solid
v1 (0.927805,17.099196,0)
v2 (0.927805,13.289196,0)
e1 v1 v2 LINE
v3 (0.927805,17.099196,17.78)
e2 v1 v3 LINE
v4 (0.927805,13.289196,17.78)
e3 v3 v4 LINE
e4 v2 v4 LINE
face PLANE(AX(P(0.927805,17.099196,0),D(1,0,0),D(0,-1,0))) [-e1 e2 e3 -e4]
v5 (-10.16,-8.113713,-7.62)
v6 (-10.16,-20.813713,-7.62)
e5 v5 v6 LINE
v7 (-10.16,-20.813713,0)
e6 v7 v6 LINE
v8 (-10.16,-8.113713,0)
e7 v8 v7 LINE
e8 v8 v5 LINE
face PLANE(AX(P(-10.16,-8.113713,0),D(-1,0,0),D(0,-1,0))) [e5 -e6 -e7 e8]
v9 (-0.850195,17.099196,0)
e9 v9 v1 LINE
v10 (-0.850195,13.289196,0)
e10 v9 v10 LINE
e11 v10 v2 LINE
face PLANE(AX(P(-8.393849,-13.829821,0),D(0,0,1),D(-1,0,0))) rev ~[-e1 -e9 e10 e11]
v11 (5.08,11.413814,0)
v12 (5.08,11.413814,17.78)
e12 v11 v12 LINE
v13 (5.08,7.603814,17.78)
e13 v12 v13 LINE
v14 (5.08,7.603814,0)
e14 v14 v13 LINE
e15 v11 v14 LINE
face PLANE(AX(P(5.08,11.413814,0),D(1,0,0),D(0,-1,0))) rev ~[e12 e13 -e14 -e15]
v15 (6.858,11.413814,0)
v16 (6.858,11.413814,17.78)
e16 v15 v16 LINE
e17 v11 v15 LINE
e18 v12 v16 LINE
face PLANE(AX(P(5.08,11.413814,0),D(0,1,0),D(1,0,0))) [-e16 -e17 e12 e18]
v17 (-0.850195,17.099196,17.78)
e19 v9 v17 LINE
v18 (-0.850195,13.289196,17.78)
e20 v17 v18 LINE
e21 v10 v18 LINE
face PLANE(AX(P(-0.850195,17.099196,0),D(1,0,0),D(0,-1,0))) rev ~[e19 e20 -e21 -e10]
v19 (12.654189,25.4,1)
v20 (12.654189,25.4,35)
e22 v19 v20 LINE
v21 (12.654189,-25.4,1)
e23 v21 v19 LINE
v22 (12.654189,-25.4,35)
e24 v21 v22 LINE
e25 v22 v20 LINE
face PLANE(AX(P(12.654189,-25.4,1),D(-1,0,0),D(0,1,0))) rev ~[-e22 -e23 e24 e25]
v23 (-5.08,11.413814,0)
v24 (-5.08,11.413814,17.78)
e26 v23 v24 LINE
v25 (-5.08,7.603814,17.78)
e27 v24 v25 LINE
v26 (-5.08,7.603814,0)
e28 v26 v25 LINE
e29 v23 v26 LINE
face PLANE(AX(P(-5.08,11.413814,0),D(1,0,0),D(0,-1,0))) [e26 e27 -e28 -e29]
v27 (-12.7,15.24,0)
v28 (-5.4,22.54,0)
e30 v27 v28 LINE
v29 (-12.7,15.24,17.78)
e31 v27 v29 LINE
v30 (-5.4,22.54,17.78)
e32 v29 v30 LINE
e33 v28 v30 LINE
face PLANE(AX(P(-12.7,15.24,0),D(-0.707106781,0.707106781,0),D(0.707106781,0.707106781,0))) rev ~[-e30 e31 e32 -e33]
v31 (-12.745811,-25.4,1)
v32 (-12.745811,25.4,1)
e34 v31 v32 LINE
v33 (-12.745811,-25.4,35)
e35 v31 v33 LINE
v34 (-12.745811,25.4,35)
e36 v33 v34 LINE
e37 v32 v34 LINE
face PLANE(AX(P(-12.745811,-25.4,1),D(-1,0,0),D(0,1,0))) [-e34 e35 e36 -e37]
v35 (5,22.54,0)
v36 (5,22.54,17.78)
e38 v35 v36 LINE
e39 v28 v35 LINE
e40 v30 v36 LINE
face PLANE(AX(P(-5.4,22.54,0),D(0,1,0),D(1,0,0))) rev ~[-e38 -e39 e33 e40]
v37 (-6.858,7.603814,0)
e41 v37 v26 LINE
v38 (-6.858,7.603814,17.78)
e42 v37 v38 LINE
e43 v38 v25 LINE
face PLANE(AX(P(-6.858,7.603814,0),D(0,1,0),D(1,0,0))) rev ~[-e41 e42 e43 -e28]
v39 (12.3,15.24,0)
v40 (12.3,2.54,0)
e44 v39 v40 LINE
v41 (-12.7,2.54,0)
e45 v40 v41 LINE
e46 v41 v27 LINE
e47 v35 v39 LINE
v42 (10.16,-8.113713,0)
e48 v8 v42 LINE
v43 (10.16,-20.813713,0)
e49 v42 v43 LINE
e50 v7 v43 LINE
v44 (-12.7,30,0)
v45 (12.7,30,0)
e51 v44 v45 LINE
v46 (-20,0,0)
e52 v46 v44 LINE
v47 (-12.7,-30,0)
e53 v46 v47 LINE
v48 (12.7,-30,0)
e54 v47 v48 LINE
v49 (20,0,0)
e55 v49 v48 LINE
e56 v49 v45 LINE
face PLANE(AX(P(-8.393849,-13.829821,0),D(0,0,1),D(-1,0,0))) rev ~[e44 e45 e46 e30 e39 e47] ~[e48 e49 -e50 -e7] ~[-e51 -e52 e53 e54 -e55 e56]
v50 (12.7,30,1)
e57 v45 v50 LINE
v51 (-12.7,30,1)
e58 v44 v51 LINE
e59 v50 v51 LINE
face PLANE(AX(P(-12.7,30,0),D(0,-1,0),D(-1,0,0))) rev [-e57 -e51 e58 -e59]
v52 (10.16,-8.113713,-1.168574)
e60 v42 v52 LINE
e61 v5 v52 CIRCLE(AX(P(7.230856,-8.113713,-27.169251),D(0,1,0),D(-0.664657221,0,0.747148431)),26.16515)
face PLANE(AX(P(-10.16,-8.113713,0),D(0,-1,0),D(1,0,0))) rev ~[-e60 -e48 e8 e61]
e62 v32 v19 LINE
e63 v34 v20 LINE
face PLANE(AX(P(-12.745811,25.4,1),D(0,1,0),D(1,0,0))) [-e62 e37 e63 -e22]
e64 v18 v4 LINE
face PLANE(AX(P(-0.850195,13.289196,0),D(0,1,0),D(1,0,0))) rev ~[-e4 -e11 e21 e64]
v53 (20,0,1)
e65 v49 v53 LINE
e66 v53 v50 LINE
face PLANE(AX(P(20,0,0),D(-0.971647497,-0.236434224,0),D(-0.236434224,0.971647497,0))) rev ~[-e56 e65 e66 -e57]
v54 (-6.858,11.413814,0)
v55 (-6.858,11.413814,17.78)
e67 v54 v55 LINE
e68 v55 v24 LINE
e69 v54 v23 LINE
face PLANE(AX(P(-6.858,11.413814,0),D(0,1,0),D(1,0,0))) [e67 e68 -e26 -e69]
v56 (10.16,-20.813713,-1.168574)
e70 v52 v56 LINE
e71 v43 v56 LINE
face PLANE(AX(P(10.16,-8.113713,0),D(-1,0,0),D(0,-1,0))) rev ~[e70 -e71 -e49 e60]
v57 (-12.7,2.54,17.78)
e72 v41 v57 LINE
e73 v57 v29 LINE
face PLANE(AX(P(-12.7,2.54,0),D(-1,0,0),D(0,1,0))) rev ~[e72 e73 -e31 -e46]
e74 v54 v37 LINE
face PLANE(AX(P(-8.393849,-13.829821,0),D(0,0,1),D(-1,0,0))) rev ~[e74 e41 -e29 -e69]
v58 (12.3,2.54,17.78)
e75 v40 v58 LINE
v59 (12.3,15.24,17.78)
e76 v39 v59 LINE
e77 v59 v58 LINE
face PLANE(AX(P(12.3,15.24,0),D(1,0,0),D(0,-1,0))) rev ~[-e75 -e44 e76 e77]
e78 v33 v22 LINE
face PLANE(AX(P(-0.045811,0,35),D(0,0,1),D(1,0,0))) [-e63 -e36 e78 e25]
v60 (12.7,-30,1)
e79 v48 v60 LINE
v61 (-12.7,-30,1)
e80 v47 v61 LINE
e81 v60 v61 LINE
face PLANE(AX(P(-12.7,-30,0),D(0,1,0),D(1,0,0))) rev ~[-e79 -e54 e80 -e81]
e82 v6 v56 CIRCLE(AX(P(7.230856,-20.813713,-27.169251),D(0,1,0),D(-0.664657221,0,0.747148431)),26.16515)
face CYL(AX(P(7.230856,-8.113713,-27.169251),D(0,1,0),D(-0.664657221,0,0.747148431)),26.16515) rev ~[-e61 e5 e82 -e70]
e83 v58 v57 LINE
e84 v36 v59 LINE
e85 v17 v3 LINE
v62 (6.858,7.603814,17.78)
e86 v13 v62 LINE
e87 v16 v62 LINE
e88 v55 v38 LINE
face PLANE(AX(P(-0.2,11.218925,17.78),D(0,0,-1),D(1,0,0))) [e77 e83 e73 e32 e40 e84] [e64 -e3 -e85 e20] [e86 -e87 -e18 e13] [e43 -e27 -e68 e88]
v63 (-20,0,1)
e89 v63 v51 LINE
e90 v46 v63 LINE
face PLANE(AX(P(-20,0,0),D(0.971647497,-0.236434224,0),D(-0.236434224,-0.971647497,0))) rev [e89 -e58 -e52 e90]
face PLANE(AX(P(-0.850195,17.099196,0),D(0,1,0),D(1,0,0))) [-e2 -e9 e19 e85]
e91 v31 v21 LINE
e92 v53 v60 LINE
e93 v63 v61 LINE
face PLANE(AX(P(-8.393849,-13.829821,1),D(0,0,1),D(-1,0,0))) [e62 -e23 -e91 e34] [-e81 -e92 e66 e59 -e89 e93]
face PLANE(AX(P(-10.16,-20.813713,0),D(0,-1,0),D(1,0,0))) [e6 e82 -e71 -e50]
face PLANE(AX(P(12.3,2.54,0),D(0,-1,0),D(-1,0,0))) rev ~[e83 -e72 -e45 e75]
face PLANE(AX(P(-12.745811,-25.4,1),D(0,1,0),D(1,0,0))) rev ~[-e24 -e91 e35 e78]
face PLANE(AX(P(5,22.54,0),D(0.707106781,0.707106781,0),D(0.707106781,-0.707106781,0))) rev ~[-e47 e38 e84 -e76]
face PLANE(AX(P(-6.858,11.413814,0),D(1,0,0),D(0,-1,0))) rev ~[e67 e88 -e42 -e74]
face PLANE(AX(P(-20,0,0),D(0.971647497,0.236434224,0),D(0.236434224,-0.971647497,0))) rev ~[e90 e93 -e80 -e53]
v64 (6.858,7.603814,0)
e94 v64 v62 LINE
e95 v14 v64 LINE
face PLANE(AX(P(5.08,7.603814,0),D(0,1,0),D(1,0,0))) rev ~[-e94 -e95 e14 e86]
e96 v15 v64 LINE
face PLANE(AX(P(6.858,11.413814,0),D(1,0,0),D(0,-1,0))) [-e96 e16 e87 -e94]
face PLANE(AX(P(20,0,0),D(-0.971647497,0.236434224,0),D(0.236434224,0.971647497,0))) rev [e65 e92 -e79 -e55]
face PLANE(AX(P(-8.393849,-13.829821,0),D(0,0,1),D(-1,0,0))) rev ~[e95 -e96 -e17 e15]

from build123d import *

# Parameters (mm, degrees)
F1_DEPTH  = 1
F4_W      = 25.4
F4_H      = 50.8
F5_DEPTH  = 34
F6_W      = 1.778
F6_H      = 3.81
F7_DEPTH  = 17.78
F8_W      = 20.32
F8_H      = 12.7
F9_DEPTH  = 7.62
F11_DEPTH = 25.4


with BuildPart() as f1:
    # F0 (on Top) → F1 (new body)
    with BuildSketch(Plane.XY):
        Polygon((12.7, 30), (0, 30), (0, 0), (20, 0), align=None)
    extrude(amount=F1_DEPTH)

    # F2: F1 across plane


with BuildPart() as f1_1:
    add(f1.part)
    add(f1.part.mirror(Plane.XZ))

    # F3: F1 across plane


with BuildPart() as f1_2:
    add(f1_1.part)
    add(f1_1.part.mirror(Plane.YZ))

    # F4 (on face) → F5 (join)
    with BuildSketch(Plane.XY.offset(1)):
        with Locations((-0.045811, 0)):
            Rectangle(F4_W, F4_H)
    extrude(amount=F5_DEPTH)

    # F6 (on face) → F7 (cut)
    with BuildSketch(Plane(origin=(0, 0, 0), x_dir=(1, 0, 0), z_dir=(0, 0, -1))):
        Polygon((-5.4, -22.54), (5, -22.54), (12.3, -15.24), (12.3, -2.54), (-12.7, -2.54), (-12.7, -15.24), align=None)
        with Locations((-5.969, -9.508814)):
            Rectangle(F6_W, F6_H, mode=Mode.SUBTRACT)
        with Locations((0.038805, -15.194196)):
            Rectangle(F6_W, F6_H, mode=Mode.SUBTRACT)
        with Locations((5.969, -9.508814)):
            Rectangle(F6_W, F6_H, mode=Mode.SUBTRACT)
    extrude(amount=-F7_DEPTH, mode=Mode.SUBTRACT)

    # F8 (on face) → F9 (join)
    with BuildSketch(Plane(origin=(0, 0, 0), x_dir=(1, 0, 0), z_dir=(0, 0, -1))):
        with Locations((0, 14.463713)):
            Rectangle(F8_W, F8_H)
    extrude(amount=F9_DEPTH)

    # F10 (on face) → F11 (cut)
    with BuildSketch(Plane(origin=(0, -8.113713, 0), x_dir=(-1, 0, 0), z_dir=(0, 1, 0))):
        Polygon((10.16, -7.62), (-10.16, -1.168574), (-10.16, -7.62), align=None)
        with BuildLine():
            ThreePointArc((10.16, -7.62), (0.686877, -2.230835), (-10.16, -1.168574))
            Line((-10.16, -1.168574), (10.16, -7.62))
        make_face()
    extrude(amount=-F11_DEPTH, mode=Mode.SUBTRACT)


solid = f1_2.part
